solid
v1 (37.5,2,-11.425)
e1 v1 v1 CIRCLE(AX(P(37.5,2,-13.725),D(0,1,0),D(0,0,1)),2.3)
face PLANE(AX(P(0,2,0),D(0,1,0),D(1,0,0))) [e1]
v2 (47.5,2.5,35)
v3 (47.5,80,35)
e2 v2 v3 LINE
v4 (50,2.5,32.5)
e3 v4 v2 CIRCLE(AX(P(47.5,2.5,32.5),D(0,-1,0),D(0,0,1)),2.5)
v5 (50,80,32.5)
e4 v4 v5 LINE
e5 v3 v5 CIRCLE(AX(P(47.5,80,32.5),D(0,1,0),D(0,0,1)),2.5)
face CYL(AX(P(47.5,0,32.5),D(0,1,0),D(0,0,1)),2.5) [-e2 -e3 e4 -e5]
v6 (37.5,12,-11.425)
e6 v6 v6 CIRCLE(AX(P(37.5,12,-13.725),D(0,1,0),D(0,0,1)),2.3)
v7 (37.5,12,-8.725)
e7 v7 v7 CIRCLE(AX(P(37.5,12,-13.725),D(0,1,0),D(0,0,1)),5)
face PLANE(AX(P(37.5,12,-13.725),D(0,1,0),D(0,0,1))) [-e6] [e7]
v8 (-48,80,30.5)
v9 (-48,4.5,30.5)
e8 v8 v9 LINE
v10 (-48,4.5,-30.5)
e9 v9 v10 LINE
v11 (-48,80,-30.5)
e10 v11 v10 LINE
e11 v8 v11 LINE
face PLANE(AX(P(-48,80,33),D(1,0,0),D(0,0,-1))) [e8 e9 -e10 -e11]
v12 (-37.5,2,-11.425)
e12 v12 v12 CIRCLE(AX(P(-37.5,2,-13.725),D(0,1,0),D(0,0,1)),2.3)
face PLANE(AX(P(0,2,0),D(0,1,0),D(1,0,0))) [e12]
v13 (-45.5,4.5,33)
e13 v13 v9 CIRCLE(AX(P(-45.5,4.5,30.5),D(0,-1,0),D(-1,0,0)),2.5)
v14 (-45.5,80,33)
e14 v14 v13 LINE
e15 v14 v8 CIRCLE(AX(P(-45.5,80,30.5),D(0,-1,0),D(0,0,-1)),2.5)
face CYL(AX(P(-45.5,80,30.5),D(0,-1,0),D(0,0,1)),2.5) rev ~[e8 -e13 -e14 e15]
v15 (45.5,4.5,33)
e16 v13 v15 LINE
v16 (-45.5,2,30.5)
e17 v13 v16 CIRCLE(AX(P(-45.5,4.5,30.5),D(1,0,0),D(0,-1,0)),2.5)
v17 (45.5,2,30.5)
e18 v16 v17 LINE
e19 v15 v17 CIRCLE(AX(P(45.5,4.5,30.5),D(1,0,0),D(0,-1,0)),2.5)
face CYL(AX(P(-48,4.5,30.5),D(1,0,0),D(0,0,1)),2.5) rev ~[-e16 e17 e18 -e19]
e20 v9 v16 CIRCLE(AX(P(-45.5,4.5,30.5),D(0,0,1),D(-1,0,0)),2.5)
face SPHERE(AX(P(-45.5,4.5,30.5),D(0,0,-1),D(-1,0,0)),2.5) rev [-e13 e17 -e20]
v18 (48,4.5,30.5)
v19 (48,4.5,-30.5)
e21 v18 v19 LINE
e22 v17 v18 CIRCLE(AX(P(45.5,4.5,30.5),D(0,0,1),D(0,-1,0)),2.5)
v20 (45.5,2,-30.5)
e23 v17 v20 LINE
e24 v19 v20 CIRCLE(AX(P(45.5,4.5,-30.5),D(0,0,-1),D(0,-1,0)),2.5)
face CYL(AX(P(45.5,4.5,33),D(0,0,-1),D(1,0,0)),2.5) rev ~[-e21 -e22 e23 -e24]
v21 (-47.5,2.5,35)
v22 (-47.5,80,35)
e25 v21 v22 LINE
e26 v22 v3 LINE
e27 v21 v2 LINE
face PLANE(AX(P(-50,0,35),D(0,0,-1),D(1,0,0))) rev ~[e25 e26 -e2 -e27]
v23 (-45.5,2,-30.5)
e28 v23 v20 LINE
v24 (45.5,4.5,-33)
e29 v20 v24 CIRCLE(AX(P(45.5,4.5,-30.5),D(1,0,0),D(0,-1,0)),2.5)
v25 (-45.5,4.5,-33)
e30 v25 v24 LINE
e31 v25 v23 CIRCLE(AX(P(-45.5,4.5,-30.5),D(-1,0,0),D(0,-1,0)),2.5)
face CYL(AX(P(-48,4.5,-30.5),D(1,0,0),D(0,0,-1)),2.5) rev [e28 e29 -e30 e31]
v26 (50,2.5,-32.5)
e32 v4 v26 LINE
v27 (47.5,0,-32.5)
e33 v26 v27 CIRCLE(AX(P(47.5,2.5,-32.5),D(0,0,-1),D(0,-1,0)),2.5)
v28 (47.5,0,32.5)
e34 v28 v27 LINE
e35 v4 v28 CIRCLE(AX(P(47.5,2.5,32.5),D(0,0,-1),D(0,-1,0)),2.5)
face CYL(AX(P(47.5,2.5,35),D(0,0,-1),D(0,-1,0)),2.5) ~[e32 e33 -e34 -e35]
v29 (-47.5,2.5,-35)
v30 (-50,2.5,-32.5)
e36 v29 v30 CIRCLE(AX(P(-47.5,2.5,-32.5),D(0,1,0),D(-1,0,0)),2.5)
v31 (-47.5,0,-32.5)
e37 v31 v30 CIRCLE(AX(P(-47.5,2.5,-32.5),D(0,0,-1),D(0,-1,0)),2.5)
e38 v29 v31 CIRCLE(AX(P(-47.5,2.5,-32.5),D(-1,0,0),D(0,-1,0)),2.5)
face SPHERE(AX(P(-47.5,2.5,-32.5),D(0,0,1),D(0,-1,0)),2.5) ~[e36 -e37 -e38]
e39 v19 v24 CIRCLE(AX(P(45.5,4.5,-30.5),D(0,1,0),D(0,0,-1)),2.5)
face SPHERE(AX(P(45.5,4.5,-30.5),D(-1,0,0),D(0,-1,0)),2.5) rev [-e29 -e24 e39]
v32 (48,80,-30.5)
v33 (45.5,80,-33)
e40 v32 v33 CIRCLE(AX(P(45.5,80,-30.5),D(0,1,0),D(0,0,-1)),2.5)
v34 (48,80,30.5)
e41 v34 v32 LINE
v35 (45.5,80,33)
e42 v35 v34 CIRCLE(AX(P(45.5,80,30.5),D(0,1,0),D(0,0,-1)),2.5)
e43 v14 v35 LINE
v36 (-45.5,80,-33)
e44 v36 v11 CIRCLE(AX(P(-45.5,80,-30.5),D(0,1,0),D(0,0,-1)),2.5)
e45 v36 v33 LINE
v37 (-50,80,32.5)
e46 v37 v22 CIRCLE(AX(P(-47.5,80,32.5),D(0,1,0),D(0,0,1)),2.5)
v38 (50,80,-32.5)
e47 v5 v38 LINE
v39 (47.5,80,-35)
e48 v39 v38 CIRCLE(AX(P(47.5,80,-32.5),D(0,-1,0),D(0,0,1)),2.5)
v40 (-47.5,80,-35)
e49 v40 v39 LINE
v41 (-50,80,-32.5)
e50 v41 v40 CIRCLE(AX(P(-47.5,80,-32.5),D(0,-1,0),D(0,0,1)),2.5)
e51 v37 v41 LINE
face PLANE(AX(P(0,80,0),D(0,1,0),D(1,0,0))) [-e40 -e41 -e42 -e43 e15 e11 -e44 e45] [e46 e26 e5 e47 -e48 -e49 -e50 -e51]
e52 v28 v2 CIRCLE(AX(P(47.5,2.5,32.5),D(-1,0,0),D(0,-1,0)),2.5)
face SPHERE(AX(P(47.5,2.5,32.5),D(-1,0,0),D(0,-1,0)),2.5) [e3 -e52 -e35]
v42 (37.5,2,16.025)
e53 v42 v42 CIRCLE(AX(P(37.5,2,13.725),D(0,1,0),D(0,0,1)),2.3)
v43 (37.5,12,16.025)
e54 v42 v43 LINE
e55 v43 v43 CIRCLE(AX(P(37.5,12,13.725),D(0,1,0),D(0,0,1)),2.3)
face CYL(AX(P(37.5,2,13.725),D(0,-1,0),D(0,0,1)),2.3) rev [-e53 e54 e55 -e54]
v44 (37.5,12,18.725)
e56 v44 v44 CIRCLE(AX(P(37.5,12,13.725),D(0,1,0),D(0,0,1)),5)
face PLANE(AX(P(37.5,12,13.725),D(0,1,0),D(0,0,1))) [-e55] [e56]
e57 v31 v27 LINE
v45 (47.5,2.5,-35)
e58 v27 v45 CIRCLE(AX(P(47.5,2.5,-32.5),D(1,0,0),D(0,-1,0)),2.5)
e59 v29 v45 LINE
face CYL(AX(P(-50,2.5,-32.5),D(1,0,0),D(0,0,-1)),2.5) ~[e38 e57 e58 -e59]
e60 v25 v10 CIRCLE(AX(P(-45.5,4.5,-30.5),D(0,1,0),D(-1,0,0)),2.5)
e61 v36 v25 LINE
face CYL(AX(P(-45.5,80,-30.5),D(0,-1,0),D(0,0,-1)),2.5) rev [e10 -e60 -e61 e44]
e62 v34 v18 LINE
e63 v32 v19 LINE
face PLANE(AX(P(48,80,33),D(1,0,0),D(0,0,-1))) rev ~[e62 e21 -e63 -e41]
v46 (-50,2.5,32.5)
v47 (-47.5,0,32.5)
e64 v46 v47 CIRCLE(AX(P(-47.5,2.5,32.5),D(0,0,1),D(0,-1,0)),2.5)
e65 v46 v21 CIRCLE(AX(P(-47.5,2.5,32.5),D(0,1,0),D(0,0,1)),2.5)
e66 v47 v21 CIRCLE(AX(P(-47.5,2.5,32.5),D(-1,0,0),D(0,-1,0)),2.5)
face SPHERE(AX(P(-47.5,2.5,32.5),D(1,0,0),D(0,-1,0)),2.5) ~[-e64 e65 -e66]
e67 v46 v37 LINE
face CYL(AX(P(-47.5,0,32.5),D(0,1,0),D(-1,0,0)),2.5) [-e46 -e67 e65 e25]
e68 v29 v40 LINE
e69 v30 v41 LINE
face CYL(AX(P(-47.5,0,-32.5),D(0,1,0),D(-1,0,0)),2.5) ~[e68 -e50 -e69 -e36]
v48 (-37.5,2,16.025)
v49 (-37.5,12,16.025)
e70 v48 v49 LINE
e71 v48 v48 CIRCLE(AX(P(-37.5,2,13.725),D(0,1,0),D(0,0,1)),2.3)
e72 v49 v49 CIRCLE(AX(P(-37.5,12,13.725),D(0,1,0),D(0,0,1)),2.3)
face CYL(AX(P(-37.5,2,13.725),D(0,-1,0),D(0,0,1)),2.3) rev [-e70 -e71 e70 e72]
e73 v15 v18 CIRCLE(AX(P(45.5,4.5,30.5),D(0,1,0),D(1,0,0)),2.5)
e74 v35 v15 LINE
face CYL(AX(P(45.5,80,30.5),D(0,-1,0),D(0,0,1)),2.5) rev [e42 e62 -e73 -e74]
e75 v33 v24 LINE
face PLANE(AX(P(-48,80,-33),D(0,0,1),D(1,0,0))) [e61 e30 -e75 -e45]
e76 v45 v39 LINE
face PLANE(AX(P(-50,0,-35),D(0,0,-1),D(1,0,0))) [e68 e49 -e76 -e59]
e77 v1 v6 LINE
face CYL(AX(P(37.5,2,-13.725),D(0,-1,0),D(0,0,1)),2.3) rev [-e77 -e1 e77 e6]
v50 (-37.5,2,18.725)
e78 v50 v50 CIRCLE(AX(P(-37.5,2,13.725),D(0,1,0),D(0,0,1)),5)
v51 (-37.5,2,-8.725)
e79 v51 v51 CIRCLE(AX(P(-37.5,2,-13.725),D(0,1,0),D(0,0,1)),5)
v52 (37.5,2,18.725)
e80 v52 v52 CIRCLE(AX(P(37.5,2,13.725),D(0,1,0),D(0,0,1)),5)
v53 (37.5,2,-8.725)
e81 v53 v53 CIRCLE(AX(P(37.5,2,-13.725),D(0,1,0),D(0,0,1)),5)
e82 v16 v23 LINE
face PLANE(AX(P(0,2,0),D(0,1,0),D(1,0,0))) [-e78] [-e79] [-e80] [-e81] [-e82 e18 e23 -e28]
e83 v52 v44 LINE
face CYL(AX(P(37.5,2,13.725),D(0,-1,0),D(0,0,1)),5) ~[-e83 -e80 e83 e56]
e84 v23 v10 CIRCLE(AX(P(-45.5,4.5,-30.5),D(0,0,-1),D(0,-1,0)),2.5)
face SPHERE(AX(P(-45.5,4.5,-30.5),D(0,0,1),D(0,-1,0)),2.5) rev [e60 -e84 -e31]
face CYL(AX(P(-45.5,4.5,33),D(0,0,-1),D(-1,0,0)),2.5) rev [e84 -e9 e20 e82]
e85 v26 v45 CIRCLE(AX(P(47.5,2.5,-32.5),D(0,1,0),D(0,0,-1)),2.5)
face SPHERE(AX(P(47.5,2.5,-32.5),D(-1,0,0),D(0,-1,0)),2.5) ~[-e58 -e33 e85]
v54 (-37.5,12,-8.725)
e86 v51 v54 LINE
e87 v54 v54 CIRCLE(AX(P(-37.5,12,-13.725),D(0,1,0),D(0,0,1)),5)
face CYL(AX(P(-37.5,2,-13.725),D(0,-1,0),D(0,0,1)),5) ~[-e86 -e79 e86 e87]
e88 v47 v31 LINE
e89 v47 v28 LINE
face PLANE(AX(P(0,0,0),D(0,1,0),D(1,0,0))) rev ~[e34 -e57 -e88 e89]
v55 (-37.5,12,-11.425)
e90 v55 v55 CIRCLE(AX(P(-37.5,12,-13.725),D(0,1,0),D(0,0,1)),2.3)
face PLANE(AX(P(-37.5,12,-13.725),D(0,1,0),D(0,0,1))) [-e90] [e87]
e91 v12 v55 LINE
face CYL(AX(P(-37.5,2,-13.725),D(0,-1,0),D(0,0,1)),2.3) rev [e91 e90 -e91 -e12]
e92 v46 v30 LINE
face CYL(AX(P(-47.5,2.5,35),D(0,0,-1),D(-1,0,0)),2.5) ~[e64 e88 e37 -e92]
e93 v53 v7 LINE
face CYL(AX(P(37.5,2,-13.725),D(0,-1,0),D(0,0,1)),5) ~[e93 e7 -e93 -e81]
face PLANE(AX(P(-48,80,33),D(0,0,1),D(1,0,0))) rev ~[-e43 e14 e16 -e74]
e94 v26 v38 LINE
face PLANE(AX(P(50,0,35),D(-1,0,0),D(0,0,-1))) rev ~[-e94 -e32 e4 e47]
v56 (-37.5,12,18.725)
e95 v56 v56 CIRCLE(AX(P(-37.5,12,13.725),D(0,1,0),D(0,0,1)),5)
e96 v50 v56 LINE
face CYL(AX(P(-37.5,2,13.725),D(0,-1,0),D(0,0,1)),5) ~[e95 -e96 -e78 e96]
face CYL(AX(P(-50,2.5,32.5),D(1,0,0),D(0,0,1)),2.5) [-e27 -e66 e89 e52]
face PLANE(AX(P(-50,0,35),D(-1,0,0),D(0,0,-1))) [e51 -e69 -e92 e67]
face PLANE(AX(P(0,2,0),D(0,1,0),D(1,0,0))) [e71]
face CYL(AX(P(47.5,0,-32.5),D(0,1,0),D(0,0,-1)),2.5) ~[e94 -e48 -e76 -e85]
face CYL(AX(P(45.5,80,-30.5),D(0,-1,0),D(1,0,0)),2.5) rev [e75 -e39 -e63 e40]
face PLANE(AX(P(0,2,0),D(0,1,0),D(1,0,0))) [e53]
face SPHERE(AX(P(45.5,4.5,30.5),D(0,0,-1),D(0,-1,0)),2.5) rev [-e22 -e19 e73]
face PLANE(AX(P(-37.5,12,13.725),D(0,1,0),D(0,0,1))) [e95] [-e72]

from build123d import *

# Parameters (mm, degrees)
SKETCH_2_W          = 100
SKETCH_2_H          = 70
EXTRUDE_1_DEPTH     = 80
SKETCH_4_W          = 96
SKETCH_4_H          = 66
CUT_EXTRUDE_1_DEPTH = 78
FILLET_2_R          = 2.5
SKETCH_6_R          = 5
SKETCH_6_R_2        = 2.3
EXTRUDE_3_DEPTH     = 10


with BuildPart() as part:
    # Эскиз2 → Бобышка-Вытянуть1 (new body)
    with BuildSketch(Plane(origin=(0, 0, 0), x_dir=(1, 0, 0), z_dir=(0, 1, 0))):
        Rectangle(SKETCH_2_W, SKETCH_2_H)
    extrude(amount=EXTRUDE_1_DEPTH)

    # Эскиз4 → Вырез-Вытянуть1 (cut)
    with BuildSketch(Plane(origin=(0, 80, 0), x_dir=(1, 0, 0), z_dir=(0, 1, 0))):
        Rectangle(SKETCH_4_W, SKETCH_4_H)
    extrude(amount=-CUT_EXTRUDE_1_DEPTH, mode=Mode.SUBTRACT)

    # Скругление2
    fillet_2_edges = [part.edges().sort_by_distance(p)[0] for p in [
        (-48, 2, 0),
        (-48, 41, 33),
        (0, 2, -33),
        (-48, 41, -33),
        (48, 2, 0),
        (48, 41, -33),
        (0, 2, 33),
        (48, 41, 33),
        (0, 0, 35),
        (-50, 0, 0),
        (0, 0, -35),
        (50, 0, 0),
        (50, 40, 35),
        (-50, 40, 35),
        (-50, 40, -35),
        (50, 40, -35),
    ]]
    fillet(fillet_2_edges, radius=FILLET_2_R)

    # Эскиз6 → Бобышка-Вытянуть3 (add)
    # profile 1 of 4: a face of its own
    with BuildSketch(Plane(origin=(0, 2, 0), x_dir=(1, 0, 0), z_dir=(0, 1, 0))):
        with Locations(Location((-37.5, 13.725, 0), (0, 0, 270))):
            Circle(SKETCH_6_R)
        with Locations(Location((-37.5, 13.725, 0), (0, 0, 270))):
            Circle(SKETCH_6_R_2, mode=Mode.SUBTRACT)
    # profile 2 of 4: a face of its own
    with BuildSketch(Plane(origin=(0, 2, 0), x_dir=(1, 0, 0), z_dir=(0, 1, 0))):
        with Locations(Location((37.5, 13.725, 0), (0, 0, 270))):
            Circle(SKETCH_6_R)
        with Locations(Location((37.5, 13.725, 0), (0, 0, 270))):
            Circle(SKETCH_6_R_2, mode=Mode.SUBTRACT)
    # profile 3 of 4: a face of its own
    with BuildSketch(Plane(origin=(0, 2, 0), x_dir=(1, 0, 0), z_dir=(0, 1, 0))):
        with Locations(Location((-37.5, -13.725, 0), (0, 0, 270))):
            Circle(SKETCH_6_R)
        with Locations(Location((-37.5, -13.725, 0), (0, 0, 270))):
            Circle(SKETCH_6_R_2, mode=Mode.SUBTRACT)
    # profile 4 of 4: a face of its own
    with BuildSketch(Plane(origin=(0, 2, 0), x_dir=(1, 0, 0), z_dir=(0, 1, 0))):
        with Locations(Location((37.5, -13.725, 0), (0, 0, 270))):
            Circle(SKETCH_6_R)
        with Locations(Location((37.5, -13.725, 0), (0, 0, 270))):
            Circle(SKETCH_6_R_2, mode=Mode.SUBTRACT)
    extrude(amount=EXTRUDE_3_DEPTH)


solid = part.part
